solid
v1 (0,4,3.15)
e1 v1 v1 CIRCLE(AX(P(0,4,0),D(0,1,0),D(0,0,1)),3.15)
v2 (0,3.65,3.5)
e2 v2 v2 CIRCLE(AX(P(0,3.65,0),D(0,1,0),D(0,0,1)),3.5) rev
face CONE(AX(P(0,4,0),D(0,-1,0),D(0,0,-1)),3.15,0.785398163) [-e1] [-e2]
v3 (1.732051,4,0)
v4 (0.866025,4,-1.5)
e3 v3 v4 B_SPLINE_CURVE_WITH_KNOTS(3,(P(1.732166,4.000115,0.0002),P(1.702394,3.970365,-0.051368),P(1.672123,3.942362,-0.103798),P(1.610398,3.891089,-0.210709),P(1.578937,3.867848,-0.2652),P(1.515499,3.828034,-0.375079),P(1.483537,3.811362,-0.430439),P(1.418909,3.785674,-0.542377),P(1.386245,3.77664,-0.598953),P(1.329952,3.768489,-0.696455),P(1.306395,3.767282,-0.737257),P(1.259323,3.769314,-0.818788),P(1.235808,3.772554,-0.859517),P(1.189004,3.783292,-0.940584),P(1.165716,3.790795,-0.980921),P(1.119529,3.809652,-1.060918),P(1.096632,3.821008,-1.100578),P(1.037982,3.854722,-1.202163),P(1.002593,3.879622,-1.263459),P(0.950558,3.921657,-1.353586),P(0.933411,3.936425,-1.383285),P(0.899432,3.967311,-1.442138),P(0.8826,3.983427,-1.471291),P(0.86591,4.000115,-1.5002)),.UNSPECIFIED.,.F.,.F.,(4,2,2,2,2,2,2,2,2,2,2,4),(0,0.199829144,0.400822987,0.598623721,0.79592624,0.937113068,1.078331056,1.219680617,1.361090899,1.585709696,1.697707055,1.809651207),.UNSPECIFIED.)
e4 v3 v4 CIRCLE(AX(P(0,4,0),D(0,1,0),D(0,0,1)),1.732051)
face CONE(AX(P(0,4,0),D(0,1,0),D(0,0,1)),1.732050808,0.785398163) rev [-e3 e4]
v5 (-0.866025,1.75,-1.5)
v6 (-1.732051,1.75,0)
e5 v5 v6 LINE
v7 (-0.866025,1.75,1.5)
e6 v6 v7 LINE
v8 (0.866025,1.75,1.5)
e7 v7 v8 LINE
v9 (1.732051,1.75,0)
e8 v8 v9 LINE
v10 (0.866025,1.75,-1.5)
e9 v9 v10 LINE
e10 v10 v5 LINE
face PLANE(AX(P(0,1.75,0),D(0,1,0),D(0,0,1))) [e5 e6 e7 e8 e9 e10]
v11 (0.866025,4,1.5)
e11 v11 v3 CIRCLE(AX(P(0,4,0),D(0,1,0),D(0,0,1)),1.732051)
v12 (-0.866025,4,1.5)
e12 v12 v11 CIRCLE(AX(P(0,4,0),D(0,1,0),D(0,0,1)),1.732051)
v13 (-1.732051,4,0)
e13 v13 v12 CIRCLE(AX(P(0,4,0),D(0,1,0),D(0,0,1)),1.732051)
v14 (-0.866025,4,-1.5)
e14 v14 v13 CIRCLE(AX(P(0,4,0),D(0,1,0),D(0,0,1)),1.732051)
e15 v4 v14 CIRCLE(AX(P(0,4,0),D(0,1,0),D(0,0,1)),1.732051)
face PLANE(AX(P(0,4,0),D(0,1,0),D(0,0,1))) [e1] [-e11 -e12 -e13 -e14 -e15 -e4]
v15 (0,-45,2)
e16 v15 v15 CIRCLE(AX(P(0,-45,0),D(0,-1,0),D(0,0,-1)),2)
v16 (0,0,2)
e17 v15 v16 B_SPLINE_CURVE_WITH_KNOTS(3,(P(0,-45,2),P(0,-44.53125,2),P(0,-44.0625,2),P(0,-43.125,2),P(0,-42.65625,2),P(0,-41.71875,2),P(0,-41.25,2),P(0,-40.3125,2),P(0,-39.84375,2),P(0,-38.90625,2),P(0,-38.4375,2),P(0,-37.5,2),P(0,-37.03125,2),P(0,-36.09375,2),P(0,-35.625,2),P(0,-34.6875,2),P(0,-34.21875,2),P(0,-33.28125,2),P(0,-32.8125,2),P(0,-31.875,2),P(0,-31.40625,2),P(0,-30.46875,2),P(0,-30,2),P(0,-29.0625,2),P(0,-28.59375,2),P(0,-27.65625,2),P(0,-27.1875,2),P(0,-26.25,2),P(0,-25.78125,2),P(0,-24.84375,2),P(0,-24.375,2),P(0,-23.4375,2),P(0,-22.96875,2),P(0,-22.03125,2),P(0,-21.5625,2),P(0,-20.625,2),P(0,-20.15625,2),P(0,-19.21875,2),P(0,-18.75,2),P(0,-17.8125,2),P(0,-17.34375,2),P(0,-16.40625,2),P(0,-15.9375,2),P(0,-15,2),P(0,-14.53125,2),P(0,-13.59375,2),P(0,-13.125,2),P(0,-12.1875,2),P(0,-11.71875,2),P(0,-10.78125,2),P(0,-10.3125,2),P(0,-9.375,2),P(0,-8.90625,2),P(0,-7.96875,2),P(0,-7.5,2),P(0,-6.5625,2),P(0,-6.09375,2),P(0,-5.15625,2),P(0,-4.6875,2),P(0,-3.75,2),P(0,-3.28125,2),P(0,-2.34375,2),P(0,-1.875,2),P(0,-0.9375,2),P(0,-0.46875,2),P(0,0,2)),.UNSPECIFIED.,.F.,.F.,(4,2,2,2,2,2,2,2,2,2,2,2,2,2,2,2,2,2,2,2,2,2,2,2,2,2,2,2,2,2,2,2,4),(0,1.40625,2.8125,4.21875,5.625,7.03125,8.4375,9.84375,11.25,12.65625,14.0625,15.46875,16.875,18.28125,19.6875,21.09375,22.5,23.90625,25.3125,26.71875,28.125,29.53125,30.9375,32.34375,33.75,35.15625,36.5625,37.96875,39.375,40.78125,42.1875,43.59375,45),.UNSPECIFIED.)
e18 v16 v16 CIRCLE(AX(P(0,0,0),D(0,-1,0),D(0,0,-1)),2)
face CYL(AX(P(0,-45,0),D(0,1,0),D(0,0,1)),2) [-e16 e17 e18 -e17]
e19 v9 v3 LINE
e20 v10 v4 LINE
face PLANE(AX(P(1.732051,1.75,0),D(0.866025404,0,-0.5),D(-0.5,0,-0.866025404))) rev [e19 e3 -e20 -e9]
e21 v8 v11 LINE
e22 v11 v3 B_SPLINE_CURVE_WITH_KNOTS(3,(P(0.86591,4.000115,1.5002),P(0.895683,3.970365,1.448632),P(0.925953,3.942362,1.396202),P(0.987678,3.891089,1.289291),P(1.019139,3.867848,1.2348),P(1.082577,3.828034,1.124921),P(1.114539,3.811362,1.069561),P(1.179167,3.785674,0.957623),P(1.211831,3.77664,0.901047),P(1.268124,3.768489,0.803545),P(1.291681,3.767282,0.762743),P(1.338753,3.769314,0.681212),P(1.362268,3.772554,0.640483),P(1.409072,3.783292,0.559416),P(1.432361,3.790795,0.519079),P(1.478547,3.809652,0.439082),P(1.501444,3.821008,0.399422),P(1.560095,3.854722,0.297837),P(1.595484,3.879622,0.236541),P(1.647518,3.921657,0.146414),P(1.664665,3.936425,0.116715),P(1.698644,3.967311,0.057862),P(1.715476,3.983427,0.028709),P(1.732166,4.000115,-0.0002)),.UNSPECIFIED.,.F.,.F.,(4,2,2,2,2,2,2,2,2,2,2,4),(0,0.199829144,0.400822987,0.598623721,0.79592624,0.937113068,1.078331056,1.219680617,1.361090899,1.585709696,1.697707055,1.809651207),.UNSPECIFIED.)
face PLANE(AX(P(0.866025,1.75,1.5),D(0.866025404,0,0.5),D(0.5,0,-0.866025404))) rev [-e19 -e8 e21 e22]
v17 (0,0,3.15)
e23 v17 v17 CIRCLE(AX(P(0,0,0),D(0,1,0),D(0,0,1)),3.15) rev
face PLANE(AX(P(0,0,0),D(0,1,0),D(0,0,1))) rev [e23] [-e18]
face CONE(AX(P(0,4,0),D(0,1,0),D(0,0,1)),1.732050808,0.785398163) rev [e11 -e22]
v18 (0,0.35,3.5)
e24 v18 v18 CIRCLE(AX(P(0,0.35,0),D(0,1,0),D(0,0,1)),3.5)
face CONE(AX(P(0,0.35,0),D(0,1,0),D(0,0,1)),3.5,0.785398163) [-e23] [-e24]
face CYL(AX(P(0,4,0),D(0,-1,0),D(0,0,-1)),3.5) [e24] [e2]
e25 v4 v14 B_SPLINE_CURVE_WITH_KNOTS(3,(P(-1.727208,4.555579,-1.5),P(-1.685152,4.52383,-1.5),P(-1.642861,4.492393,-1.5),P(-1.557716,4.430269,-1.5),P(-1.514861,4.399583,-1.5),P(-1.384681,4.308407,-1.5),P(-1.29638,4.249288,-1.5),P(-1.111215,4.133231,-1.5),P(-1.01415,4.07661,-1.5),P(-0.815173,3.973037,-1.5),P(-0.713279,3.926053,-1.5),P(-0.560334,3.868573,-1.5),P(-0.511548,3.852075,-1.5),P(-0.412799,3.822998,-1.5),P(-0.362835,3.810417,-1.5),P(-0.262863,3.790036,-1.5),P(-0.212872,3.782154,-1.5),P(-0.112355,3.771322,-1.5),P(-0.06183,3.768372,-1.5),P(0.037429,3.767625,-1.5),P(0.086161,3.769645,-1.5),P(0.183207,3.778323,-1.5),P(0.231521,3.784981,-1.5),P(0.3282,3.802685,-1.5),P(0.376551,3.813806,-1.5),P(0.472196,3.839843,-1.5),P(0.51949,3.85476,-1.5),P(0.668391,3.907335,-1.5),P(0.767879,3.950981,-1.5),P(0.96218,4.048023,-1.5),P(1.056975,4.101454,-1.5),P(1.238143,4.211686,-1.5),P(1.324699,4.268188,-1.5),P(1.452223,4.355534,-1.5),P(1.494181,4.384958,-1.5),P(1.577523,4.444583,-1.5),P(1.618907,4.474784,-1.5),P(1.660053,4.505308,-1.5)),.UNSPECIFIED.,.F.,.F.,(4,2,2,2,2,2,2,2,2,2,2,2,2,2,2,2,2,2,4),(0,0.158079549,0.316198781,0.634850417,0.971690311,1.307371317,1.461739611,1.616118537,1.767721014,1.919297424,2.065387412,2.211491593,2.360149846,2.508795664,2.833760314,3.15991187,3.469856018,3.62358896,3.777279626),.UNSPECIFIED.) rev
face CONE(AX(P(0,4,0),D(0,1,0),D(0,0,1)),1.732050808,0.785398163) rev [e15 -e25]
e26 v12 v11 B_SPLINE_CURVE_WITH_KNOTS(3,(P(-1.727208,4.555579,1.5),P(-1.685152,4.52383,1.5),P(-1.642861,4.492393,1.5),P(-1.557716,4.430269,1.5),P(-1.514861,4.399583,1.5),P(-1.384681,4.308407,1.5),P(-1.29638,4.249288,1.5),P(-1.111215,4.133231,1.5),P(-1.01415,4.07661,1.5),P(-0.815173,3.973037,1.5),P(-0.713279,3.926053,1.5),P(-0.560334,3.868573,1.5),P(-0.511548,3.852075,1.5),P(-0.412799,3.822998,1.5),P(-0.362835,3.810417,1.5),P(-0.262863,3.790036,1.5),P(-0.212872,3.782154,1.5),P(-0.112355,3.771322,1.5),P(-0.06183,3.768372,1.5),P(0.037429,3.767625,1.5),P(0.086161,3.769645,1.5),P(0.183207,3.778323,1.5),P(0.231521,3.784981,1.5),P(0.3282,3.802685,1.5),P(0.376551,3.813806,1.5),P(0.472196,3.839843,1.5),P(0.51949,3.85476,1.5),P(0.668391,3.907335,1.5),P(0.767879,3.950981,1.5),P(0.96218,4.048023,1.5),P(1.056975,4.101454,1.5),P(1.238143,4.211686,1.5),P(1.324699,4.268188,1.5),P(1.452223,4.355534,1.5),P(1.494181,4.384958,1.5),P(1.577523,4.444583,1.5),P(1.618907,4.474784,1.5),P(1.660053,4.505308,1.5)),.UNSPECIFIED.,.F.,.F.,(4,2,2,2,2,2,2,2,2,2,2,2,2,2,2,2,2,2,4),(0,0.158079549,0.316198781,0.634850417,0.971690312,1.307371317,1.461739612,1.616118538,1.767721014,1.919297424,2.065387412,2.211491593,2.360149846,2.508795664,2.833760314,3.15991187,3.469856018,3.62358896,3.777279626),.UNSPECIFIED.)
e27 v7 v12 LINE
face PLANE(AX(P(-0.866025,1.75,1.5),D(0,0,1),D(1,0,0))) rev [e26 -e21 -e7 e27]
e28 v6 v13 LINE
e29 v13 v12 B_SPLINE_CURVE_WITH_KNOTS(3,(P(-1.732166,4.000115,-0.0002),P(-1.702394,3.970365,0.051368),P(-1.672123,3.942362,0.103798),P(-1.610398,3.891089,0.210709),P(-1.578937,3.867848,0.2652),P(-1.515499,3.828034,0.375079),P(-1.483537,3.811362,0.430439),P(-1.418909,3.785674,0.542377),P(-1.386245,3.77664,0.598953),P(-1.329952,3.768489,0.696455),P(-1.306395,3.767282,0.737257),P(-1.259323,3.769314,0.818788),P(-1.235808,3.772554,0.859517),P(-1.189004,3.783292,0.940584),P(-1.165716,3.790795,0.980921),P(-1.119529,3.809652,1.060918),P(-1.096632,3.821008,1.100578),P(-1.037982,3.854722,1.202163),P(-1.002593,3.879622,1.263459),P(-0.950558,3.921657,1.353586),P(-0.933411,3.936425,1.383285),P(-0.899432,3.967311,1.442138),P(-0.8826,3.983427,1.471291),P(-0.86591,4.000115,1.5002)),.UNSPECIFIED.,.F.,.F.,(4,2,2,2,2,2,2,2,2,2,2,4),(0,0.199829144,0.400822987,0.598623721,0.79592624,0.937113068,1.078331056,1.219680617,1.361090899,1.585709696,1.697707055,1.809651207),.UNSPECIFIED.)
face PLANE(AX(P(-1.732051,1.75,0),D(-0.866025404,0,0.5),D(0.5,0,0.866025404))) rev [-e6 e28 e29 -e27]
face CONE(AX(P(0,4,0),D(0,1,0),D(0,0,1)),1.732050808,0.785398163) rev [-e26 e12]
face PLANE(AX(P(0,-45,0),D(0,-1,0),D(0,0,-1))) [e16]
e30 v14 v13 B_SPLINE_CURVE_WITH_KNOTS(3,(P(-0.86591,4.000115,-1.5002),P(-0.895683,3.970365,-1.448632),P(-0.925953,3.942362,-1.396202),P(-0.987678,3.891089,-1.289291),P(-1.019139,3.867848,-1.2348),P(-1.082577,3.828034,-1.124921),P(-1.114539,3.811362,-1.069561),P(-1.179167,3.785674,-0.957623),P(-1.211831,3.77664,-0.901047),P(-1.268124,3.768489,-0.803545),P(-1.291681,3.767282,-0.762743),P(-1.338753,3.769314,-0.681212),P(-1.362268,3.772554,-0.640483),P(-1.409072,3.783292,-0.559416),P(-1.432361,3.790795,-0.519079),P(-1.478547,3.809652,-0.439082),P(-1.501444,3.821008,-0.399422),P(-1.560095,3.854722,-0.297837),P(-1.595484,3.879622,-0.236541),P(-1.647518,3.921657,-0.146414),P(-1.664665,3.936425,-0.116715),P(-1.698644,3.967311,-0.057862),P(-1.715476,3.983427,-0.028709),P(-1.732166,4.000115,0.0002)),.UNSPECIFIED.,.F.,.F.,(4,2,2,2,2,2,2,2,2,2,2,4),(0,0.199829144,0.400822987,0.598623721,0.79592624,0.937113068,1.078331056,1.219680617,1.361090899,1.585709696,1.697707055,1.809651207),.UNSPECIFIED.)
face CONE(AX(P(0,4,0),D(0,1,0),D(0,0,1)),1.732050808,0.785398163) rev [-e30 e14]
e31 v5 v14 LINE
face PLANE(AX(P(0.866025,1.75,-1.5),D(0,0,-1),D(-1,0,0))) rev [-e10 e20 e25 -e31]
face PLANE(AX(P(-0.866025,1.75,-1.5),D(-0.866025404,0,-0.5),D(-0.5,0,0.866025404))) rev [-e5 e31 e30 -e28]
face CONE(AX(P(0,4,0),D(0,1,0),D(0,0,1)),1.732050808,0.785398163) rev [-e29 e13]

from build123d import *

# Parameters (mm, degrees)
SKETCH1_R           = 3.5
BOSS_EXTRUDE1_DEPTH = 4
CUT_EXTRUDE1_DEPTH  = 2.25
CHAMFER1_SIZE       = 0.35
SKETCH_1_R          = 2
EXTRUDE_1_DEPTH     = 45


with BuildPart() as part:
    # Sketch1 → Boss-Extrude1 (new body)
    with BuildSketch(Plane(origin=(0, 0, 0), x_dir=(1, 0, 0), z_dir=(0, 1, 0))):
        with Locations(Location((0, 0, 0), (0, 0, 270))):
            Circle(SKETCH1_R)
    extrude(amount=BOSS_EXTRUDE1_DEPTH)

    # Sketch2 → Cut-Extrude1 (cut)
    with BuildSketch(Plane(origin=(0, 4, 0), x_dir=(1, 0, 0), z_dir=(0, 1, 0))):
        Polygon((0.866025404, 1.5), (-0.866025404, 1.5), (-1.732050808, 0), (-0.866025404, -1.5), (0.866025404, -1.5), (1.732050808, 0), align=None)
    extrude(amount=-CUT_EXTRUDE1_DEPTH, mode=Mode.SUBTRACT)

    # Cut-Extrude2 cone 1 section (through the dimple's axis) → Cut-Extrude2 (revolve, cut)
    with BuildSketch(Plane(origin=(0, 4, 0), x_dir=(0, 0, 1), z_dir=(1, 0, 0))):
        Polygon((0, 0), (1.732050808, 0), (0, 1.732050808), align=None)
    revolve(axis=Axis((0, 4, 0), (0, -1, 0)), mode=Mode.SUBTRACT)

    # Chamfer1
    chamfer1_edges = [part.edges().sort_by_distance(p)[0] for p in [
        (0, 0, -3.5),
        (0, 4, -3.5),
    ]]
    chamfer(chamfer1_edges, length=CHAMFER1_SIZE)

    # 草图1 → 凸台-拉伸1 (add)
    with BuildSketch(Plane(origin=(0, 0, 0), x_dir=(-1, 0, 0), z_dir=(0, -1, 0))):
        with Locations(Location((0, 0, 0), (0, 0, 270))):
            Circle(SKETCH_1_R)
    extrude(amount=EXTRUDE_1_DEPTH)


solid = part.part
